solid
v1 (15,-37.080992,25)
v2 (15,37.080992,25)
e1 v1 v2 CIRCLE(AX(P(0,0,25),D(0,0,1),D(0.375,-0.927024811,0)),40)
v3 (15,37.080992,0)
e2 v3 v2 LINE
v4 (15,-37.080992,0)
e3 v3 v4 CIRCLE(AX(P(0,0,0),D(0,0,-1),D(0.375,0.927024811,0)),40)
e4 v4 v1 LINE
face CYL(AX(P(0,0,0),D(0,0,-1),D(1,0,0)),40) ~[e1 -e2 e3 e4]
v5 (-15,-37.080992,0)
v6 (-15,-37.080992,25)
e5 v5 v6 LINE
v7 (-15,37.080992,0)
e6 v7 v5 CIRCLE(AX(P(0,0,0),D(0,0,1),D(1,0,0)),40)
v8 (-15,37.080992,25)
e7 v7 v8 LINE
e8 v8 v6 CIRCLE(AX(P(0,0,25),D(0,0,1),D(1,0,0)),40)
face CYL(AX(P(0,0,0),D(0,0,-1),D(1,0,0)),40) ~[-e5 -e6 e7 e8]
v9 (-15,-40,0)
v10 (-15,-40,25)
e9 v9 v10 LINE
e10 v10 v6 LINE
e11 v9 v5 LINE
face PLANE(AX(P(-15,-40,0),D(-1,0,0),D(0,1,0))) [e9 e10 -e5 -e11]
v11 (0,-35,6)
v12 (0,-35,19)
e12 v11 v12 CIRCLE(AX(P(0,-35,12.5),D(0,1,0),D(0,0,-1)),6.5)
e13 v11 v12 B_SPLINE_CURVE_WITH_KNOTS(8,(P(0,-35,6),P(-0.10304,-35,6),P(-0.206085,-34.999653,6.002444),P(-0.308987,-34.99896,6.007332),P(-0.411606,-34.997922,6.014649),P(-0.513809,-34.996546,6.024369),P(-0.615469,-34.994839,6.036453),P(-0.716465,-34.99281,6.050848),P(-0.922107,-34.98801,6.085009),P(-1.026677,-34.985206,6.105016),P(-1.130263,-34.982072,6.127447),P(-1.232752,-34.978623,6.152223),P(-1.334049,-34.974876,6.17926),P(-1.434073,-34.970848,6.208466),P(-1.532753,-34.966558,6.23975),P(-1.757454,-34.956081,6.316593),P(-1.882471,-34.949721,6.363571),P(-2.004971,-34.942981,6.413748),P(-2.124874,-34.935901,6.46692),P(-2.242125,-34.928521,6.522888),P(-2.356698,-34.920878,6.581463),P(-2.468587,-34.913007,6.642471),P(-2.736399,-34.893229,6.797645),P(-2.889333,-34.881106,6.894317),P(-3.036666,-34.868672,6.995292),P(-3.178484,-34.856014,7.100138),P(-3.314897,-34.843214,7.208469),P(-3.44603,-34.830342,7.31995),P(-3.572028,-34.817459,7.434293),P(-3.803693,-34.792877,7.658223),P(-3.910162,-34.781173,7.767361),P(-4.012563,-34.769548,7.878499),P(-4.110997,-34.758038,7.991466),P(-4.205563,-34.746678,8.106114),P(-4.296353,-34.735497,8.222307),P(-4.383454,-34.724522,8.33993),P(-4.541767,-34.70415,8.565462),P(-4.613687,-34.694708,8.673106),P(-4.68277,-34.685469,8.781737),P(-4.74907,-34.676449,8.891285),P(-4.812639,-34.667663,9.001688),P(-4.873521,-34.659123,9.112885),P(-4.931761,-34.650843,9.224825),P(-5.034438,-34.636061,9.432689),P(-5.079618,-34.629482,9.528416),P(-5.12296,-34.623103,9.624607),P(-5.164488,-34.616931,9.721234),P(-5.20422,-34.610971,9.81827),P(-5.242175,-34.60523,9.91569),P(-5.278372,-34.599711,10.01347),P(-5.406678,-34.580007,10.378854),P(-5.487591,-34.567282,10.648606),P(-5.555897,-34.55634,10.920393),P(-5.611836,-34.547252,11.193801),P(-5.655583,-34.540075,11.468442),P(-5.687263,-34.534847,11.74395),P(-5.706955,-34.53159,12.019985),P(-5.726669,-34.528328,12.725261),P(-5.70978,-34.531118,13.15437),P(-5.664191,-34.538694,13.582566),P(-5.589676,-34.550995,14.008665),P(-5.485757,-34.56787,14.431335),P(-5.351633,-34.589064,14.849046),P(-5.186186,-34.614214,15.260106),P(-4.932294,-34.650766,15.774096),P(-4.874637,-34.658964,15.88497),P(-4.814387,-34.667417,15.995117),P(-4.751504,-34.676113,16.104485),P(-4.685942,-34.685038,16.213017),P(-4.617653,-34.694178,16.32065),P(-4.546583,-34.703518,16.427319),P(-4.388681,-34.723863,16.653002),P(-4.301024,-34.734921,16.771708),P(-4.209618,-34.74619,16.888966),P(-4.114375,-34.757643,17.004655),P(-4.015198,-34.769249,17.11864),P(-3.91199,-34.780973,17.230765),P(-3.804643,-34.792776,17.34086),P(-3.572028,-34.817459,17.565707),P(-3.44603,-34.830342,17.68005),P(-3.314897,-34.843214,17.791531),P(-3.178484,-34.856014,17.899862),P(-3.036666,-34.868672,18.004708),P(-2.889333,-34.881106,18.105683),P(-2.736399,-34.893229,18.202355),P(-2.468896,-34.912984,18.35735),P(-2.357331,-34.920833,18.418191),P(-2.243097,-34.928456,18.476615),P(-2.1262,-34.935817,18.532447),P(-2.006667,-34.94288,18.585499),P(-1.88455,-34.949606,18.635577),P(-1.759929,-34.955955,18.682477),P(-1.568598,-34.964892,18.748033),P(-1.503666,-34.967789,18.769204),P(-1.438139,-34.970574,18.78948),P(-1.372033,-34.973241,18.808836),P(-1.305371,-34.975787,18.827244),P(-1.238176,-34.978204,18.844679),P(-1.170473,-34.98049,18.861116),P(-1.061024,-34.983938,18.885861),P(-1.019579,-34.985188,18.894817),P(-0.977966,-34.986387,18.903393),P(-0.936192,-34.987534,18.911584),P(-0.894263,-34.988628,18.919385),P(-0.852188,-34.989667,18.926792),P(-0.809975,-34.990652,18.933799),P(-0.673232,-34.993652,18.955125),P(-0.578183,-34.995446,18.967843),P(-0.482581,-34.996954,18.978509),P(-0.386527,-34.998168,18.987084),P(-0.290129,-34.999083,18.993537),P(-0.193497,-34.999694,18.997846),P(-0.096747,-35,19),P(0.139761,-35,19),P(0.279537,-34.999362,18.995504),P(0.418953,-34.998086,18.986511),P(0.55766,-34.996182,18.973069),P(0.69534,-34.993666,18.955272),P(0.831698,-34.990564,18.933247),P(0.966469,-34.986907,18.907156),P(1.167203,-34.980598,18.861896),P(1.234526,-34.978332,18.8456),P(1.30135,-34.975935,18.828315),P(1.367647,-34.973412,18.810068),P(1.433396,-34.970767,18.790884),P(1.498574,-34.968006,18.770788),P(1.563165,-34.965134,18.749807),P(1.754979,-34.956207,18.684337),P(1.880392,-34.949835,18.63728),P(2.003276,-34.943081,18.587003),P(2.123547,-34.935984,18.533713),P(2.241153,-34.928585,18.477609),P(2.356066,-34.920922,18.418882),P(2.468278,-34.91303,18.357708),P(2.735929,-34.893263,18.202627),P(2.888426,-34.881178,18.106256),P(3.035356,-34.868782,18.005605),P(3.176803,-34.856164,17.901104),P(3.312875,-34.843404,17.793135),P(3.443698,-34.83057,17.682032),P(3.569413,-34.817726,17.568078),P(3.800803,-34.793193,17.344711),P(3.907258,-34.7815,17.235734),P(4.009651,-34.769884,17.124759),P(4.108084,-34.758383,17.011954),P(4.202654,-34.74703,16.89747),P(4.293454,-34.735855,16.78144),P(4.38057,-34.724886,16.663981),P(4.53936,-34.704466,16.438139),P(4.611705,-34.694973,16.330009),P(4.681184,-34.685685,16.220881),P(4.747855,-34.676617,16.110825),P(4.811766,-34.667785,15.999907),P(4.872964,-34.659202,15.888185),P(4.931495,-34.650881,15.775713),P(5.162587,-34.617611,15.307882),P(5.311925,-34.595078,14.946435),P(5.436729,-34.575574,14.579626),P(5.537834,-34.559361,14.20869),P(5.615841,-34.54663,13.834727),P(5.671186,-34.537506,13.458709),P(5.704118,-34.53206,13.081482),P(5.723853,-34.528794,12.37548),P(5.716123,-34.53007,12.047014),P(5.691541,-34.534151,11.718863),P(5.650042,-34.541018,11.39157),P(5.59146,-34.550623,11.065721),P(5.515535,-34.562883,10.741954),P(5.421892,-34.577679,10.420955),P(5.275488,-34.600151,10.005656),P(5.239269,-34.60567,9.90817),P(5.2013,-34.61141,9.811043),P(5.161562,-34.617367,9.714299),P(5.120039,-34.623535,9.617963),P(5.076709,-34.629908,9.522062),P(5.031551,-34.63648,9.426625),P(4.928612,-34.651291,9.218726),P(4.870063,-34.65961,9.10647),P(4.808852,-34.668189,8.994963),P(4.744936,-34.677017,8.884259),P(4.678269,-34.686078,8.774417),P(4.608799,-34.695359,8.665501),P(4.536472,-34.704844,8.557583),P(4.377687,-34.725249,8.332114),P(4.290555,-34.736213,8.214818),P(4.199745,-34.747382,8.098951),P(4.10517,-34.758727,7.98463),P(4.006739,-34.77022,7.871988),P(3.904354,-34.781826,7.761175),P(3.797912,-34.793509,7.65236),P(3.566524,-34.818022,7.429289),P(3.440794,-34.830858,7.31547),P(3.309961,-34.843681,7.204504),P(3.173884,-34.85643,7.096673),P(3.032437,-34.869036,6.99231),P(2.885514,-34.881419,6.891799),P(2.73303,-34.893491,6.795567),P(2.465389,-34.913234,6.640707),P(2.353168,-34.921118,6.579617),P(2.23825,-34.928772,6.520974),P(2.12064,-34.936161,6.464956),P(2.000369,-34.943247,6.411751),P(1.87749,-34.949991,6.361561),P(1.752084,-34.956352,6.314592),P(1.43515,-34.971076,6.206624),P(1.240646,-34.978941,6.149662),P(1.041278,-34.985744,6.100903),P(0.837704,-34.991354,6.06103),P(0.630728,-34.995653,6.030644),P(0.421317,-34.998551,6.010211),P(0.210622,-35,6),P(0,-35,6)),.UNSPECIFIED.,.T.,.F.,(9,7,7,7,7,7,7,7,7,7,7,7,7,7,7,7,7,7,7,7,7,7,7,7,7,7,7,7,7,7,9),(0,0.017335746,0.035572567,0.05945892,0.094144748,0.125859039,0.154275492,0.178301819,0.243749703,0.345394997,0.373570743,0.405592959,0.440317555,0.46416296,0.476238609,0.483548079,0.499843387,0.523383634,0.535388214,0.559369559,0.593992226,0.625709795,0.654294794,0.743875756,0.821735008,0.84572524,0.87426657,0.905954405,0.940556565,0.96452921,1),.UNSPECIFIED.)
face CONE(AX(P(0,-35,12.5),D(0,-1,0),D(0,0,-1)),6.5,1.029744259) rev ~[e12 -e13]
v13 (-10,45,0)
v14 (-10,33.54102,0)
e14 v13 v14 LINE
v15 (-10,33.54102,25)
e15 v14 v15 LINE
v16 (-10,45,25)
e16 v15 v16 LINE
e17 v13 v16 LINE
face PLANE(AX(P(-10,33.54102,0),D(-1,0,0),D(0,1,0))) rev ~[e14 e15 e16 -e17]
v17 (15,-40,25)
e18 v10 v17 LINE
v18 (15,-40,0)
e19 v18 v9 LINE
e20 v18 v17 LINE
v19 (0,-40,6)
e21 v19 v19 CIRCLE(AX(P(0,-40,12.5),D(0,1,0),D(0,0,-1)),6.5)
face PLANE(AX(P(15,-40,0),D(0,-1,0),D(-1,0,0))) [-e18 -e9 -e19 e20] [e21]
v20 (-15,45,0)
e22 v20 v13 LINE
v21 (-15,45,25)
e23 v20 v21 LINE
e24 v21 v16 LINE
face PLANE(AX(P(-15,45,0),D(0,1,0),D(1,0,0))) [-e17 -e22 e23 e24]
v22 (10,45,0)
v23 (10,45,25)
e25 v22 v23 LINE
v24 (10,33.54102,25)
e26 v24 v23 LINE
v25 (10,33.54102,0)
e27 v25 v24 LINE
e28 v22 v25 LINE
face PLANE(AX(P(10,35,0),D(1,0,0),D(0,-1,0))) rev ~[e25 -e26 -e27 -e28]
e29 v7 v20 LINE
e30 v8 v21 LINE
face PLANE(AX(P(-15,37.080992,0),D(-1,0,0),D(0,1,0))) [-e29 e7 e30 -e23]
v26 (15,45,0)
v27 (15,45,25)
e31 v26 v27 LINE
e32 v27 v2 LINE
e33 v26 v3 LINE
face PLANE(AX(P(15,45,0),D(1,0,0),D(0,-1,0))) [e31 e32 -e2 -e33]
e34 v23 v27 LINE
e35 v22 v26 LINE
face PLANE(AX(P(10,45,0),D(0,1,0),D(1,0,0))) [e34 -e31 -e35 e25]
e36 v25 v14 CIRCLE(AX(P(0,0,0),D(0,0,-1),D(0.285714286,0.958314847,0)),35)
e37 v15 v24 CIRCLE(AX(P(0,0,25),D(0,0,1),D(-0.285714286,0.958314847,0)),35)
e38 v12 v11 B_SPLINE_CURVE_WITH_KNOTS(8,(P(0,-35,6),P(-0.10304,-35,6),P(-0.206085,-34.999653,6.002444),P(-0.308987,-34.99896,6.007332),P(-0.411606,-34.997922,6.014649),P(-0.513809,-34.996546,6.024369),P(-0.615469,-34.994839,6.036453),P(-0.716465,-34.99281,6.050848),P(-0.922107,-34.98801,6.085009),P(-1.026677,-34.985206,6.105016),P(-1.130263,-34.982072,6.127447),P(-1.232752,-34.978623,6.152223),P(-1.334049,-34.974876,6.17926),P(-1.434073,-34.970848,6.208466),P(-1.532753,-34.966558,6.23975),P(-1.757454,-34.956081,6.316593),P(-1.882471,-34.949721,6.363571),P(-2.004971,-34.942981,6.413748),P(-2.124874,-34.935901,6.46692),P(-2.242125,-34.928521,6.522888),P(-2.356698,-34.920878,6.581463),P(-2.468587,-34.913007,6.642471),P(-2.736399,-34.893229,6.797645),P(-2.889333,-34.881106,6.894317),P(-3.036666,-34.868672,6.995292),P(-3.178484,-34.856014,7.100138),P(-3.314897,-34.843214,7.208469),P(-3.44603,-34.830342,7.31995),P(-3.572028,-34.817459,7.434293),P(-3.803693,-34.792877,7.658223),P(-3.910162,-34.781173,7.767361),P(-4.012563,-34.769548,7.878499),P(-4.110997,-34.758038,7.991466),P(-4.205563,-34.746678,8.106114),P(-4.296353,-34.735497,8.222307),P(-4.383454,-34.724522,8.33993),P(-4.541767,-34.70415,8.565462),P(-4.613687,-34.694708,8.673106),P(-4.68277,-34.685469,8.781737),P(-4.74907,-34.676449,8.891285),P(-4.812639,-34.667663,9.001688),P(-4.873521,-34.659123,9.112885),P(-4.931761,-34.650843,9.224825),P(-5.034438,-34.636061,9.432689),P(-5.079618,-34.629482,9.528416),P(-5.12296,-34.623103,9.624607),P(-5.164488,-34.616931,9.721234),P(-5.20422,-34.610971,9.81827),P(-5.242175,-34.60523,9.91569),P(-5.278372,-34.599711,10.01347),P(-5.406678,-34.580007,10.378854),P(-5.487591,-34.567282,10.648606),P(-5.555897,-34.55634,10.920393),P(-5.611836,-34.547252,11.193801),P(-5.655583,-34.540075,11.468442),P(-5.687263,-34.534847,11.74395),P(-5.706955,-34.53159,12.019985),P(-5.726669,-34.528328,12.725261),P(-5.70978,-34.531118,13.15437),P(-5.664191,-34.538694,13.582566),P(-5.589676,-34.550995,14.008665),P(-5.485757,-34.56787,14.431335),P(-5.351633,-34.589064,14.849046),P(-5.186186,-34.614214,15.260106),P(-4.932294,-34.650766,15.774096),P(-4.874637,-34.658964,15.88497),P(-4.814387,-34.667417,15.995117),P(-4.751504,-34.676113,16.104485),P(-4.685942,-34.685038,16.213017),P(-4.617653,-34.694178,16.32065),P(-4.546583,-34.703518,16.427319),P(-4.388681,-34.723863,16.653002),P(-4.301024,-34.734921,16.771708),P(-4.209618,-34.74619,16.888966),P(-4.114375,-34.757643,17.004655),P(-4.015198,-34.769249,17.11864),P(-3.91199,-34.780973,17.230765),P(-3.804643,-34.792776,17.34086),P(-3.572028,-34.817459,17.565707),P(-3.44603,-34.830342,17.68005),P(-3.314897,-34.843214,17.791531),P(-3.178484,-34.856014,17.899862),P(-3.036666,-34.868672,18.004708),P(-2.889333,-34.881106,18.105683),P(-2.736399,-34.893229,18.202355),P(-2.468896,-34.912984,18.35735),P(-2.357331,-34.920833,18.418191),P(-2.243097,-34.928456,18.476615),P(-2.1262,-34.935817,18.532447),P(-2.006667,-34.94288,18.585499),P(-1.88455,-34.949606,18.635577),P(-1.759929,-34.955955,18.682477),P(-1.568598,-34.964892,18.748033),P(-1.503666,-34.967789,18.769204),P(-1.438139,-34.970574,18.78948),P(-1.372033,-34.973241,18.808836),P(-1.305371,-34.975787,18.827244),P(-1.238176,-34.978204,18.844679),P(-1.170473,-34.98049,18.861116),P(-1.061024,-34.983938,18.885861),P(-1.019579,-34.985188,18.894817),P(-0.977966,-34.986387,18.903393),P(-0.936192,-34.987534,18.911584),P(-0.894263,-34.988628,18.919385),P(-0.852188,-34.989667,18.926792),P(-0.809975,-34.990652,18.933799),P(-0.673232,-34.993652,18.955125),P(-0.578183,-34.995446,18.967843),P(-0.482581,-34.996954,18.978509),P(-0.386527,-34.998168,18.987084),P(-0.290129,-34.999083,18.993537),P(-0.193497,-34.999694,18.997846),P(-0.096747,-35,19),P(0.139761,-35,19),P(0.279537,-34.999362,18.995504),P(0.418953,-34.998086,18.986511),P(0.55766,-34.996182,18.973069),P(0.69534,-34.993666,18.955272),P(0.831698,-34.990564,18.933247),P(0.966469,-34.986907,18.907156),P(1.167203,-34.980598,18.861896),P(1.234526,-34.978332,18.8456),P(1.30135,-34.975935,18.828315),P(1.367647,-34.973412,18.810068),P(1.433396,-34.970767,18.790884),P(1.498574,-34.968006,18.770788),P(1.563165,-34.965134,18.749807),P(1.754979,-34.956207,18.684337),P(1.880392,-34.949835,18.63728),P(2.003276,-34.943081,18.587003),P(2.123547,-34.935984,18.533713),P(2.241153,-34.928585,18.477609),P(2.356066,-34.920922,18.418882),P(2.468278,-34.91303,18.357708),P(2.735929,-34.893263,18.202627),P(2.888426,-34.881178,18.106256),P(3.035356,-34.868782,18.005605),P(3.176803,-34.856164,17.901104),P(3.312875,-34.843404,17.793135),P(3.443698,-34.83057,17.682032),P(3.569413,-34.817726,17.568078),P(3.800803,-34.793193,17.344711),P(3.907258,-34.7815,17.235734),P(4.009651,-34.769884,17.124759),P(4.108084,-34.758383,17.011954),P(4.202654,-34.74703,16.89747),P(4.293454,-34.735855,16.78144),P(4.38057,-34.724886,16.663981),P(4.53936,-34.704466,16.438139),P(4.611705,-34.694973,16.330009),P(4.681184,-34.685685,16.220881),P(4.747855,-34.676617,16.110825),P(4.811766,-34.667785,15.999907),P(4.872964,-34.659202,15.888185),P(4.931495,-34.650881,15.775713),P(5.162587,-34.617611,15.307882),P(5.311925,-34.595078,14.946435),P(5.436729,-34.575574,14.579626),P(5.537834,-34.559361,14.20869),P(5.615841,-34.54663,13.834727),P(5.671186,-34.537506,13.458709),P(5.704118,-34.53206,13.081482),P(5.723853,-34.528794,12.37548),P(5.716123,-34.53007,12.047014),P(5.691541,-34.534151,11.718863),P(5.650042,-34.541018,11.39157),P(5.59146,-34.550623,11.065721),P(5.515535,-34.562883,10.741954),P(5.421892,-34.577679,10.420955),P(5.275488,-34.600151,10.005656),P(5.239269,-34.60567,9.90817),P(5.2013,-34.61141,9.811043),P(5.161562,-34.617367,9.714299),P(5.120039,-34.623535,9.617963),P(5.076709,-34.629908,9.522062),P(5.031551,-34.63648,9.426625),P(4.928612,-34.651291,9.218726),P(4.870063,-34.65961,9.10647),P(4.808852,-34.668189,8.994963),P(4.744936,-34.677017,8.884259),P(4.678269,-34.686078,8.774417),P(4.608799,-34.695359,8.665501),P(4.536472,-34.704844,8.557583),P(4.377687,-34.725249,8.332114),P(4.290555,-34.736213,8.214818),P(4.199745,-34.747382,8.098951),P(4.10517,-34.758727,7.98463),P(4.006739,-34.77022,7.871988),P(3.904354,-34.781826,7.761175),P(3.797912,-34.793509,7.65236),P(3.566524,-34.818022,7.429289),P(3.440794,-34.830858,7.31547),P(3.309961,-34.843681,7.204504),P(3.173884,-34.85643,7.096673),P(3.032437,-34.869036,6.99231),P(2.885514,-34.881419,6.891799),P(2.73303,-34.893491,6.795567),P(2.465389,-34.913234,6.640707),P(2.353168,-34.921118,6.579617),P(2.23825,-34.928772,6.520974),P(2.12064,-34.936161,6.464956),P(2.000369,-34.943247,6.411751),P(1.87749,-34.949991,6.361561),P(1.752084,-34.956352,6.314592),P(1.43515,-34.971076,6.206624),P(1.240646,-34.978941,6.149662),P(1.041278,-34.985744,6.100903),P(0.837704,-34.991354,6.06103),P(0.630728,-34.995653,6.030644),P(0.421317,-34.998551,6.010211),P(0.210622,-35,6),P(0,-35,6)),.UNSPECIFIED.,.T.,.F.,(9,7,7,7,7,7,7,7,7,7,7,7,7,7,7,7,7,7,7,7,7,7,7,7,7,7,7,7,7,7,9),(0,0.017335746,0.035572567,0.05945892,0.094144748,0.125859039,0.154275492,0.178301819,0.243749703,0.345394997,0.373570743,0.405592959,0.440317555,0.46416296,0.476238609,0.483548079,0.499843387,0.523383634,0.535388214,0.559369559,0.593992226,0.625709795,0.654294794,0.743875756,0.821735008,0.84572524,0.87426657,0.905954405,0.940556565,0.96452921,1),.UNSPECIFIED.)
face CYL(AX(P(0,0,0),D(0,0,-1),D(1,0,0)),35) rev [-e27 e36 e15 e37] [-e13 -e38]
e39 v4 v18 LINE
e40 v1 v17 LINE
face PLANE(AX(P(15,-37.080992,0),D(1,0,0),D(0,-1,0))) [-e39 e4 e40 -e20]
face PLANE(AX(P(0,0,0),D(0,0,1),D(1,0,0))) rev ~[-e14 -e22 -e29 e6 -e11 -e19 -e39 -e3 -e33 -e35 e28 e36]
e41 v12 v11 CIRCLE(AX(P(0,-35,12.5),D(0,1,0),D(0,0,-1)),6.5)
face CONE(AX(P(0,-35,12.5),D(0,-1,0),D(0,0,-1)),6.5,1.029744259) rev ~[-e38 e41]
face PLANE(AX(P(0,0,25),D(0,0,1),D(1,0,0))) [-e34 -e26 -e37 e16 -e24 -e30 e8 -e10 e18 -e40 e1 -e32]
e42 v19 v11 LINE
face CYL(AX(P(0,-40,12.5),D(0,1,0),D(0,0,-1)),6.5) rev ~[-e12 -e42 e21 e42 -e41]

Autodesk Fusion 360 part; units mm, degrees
sketch "Skizze1" plane through (0, 0, 0) normal (0, 0, 1) x (1, 0, 0)
  circle A0 centre (0, 0) radius 35
  circle A1 centre (0, 0) radius 40
  line L0 (10, 30) -> (-10, 30)
  line L1 (-10, 30) -> (-10, 45)
  line L2 (-10, 45) -> (10, 45)
  line L3 (10, 45) -> (10, 30)
  line L4 (15, 35) -> (10, 35)
  line L5 (10, 35) -> (10, 45)
  line L6 (10, 45) -> (15, 45)
  line L7 (15, 45) -> (15, 35)
  line L8 (-10, 35) -> (-15, 35)
  line L9 (-15, 35) -> (-15, 45)
  line L10 (-15, 45) -> (-10, 45)
  line L11 (-10, 45) -> (-10, 35)
  line L12 (-15, -35) -> (15, -35)
  line L13 (15, -35) -> (15, -40)
  line L14 (15, -40) -> (-15, -40)
  line L15 (-15, -40) -> (-15, -35)
  dimension "d1" = 70
  dimension "d2" = 80
extrude "Extrusion1" add sketch "Skizze1" along normal blind 25 contours A0 A1 L3 L4 L7 L12 L13 | A0 A1 L1 L8 L9 L12 L15 | A1 L12 L13 L15 | A1 L3 L4 L5 L7 | A1 L1 L8 L9 L11 | A1 L3 L5 L6 L7 | A1 L14 L15 | A1 L13 L14 | A1 L1 L9 L10 L11
hole "Bohrung1" at (0, -40, 12.5) direction (0, 1, 0) diameter 13 depth 5 tip angle 118
